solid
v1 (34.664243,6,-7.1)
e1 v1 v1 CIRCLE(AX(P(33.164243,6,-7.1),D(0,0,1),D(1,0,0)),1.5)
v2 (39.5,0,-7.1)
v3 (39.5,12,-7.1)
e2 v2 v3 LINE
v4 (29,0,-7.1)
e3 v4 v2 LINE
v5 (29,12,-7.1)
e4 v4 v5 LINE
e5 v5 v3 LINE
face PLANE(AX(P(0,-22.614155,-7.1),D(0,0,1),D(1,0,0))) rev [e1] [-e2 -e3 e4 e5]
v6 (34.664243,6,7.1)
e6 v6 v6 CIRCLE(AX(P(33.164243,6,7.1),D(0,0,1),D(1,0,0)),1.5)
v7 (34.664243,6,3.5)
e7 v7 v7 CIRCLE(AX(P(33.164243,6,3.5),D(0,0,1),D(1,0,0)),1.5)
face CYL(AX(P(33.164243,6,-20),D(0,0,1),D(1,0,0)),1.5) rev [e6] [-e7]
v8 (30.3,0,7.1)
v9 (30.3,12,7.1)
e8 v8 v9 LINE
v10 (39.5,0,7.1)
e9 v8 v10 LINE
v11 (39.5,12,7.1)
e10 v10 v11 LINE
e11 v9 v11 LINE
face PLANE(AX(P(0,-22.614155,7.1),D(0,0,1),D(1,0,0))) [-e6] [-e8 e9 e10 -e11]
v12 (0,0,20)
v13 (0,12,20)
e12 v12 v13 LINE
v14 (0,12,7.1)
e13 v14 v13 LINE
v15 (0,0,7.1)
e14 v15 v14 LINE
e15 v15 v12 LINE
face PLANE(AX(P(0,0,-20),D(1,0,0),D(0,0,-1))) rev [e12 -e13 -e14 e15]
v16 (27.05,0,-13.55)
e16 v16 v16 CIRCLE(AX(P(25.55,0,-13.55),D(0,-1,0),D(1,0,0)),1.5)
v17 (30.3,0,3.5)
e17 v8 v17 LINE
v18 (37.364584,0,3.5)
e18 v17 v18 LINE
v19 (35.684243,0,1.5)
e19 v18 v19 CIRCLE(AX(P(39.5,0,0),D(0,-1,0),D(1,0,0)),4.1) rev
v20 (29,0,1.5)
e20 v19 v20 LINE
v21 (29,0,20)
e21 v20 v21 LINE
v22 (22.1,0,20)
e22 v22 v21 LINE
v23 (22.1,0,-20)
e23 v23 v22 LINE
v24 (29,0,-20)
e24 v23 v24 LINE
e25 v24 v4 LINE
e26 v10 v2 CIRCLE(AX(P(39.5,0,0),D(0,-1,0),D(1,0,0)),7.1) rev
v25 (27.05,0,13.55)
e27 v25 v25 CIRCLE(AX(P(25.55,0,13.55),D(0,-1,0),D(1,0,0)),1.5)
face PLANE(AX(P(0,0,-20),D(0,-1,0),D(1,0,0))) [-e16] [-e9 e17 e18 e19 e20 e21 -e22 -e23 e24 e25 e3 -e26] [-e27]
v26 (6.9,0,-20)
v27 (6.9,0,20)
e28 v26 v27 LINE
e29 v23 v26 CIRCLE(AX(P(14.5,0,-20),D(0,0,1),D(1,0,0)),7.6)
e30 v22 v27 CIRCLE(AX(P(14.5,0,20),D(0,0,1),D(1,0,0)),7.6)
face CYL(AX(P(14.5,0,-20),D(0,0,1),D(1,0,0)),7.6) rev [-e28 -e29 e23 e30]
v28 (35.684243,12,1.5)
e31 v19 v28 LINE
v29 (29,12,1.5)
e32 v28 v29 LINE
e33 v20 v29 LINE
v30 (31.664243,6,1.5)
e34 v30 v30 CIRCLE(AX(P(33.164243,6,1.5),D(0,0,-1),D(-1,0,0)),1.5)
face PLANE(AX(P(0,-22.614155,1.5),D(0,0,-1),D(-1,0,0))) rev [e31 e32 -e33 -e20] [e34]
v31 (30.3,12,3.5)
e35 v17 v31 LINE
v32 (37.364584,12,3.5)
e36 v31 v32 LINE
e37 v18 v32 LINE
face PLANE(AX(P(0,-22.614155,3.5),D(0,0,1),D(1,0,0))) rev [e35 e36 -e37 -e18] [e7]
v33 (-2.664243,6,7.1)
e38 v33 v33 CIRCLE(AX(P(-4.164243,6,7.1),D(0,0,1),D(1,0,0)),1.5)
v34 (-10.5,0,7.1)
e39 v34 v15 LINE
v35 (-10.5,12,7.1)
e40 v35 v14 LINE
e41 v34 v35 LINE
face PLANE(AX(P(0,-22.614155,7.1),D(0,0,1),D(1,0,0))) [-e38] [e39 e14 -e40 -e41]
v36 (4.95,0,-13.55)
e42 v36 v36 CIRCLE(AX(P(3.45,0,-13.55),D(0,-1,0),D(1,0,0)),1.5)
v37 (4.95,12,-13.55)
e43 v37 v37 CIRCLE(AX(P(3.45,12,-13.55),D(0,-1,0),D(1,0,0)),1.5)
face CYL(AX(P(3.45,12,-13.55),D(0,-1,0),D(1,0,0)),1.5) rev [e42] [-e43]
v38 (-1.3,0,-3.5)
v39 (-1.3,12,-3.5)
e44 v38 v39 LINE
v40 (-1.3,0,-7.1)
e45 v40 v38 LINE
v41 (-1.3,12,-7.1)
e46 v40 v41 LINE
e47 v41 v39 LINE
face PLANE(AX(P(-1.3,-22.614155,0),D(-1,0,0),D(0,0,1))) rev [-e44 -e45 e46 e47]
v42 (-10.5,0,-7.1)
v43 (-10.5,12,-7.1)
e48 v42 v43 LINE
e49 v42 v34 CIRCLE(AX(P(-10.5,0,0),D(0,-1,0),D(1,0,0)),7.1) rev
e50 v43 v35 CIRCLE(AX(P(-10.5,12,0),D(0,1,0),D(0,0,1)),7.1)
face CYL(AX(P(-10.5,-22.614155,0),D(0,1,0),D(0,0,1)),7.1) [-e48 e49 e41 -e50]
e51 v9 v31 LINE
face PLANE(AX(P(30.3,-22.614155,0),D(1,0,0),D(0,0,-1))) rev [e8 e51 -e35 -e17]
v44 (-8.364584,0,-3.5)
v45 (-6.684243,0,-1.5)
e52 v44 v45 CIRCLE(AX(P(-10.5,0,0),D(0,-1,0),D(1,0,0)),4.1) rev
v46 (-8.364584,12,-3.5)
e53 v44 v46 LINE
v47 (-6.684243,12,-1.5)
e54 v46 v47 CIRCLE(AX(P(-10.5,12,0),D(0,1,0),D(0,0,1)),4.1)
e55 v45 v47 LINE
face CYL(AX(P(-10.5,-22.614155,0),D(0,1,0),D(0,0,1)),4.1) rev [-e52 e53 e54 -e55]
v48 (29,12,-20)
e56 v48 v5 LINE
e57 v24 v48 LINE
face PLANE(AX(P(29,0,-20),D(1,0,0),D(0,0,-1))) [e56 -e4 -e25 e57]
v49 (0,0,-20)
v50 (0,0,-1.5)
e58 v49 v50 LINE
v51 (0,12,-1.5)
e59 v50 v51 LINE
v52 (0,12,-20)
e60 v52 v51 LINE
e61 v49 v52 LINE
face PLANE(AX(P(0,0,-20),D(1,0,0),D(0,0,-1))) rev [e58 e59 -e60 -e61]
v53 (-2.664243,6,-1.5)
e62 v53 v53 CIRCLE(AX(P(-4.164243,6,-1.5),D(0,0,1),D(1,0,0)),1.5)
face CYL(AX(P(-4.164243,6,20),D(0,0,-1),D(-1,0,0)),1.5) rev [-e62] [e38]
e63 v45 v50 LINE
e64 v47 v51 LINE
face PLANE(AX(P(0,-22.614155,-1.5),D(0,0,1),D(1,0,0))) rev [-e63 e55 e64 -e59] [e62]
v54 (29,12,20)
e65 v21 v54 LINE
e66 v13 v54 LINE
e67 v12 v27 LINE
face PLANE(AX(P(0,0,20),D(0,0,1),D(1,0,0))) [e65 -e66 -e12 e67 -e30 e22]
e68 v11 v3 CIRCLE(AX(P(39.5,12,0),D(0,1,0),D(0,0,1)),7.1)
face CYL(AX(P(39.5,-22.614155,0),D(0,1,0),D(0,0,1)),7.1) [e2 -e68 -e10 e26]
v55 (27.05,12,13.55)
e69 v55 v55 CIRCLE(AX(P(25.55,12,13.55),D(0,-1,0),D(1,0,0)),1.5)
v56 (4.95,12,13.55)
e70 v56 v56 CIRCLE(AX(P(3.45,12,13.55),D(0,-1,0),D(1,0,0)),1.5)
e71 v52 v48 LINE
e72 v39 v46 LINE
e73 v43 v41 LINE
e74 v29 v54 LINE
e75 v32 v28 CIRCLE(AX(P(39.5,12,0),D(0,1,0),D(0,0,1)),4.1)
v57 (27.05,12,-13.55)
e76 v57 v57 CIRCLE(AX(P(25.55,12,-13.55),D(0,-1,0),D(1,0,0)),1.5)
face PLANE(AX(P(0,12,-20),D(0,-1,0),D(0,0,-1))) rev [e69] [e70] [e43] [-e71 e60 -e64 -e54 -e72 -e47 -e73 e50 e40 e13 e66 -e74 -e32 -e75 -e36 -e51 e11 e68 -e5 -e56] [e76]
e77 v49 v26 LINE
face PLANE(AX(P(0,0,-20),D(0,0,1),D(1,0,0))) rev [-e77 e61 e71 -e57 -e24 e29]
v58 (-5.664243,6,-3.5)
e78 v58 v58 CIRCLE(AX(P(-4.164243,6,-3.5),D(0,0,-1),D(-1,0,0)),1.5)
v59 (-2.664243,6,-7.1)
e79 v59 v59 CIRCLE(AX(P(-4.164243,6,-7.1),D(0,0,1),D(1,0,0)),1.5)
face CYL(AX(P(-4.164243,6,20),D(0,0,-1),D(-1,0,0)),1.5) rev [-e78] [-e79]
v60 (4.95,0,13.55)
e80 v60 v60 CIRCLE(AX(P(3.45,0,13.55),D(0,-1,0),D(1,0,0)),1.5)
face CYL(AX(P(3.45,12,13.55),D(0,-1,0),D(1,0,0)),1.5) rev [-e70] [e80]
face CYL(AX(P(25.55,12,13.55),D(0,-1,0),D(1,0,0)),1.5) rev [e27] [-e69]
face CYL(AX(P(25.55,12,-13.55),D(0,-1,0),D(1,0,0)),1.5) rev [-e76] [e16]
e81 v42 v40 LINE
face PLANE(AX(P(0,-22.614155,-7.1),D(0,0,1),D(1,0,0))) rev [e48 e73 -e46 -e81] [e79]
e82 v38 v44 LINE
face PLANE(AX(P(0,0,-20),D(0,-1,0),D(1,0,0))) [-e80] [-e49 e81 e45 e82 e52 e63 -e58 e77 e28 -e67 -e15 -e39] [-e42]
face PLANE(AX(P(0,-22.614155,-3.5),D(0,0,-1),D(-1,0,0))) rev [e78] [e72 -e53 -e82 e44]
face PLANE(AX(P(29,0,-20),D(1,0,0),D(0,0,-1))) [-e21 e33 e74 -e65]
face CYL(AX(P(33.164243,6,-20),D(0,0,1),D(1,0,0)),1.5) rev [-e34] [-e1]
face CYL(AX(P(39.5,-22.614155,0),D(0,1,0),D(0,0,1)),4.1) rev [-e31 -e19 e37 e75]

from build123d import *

# Parameters (mm, degrees)
BOSS_EXTRUDE1_DEPTH      = 20
BOSS_EXTRUDE1_DEPTH_BACK = 20
BOSS_EXTRUDE2_DEPTH      = 12
CUT_EXTRUDE1_DEPTH       = 53.704933355
CUT_EXTRUDE1_DEPTH_BACK  = 53.704933355
CUT_EXTRUDE2_DEPTH       = 53.704933355
CUT_EXTRUDE2_DEPTH_BACK  = 53.704933355
SKETCH7_R                = 1.5
CUT_EXTRUDE3_DEPTH       = 53.1110353


with BuildPart() as part:
    # Sketch1 → Boss-Extrude1 (new, two sides: drawn at the far end of the back side and taken through both)
    with BuildSketch(Plane(origin=(0, 0, 0), x_dir=(0, 1, 0), z_dir=(0, 0, 1)).offset(-BOSS_EXTRUDE1_DEPTH_BACK)):
        with BuildLine():
            ThreePointArc((0, -22.1), (7.6, -14.5), (0, -6.9))
            Line((0, -6.9), (0, 0))
            Line((0, 0), (12, 0))
            Line((12, 0), (12, -29))
            Line((12, -29), (0, -29))
            Line((0, -29), (0, -22.1))
        make_face()
    extrude(amount=BOSS_EXTRUDE1_DEPTH + BOSS_EXTRUDE1_DEPTH_BACK)

    # Sketch3 → Boss-Extrude2 (add)
    with BuildSketch(Plane(origin=(0, 12, 0), x_dir=(-1, 0, 0), z_dir=(0, 1, 0))):
        with BuildLine():
            Line((1.3, -7.1), (10.5, -7.1))
            ThreePointArc((10.5, -7.1), (17.6, 0), (10.5, 7.1))
            Line((10.5, 7.1), (0, 7.1))
            Line((0, 7.1), (0, -1.5))
            Line((0, -1.5), (6.684243194, -1.5))
            ThreePointArc((6.684243194, -1.5), (13.639126216, 2.637401486), (8.36458435, -3.5))
            Line((8.36458435, -3.5), (1.3, -3.5))
            Line((1.3, -3.5), (1.3, -7.1))
        make_face()
        with BuildLine():
            Line((-39.5, -7.1), (-29, -7.1))
            Line((-29, -7.1), (-29, 1.5))
            Line((-29, 1.5), (-35.684243194, 1.5))
            ThreePointArc((-35.684243194, 1.5), (-42.639126216, -2.637401486), (-37.36458435, 3.5))
            Line((-37.36458435, 3.5), (-30.3, 3.5))
            Line((-30.3, 3.5), (-30.3, 7.1))
            Line((-30.3, 7.1), (-39.5, 7.1))
            ThreePointArc((-39.5, 7.1), (-46.6, 0), (-39.5, -7.1))
        make_face()
    extrude(amount=-BOSS_EXTRUDE2_DEPTH)

    # Sketch4 → Cut-Extrude1 (cut, two sides: drawn at the far end of the back side and taken through both)
    with BuildSketch(Plane(origin=(0, 0, -1.5), x_dir=(1, 0, 0), z_dir=(0, 0, -1)).offset(-CUT_EXTRUDE1_DEPTH_BACK)):
        with BuildLine():
            ThreePointArc((-2.664243194, -6), (-4.164243194, -4.5), (-5.664243194, -6))
            Line((-5.664243194, -6), (-2.664243194, -6))
        make_face()
        with BuildLine():
            Line((-2.664243194, -6), (-5.664243194, -6))
            ThreePointArc((-5.664243194, -6), (-4.164243194, -7.5), (-2.664243194, -6))
        make_face()
    extrude(amount=CUT_EXTRUDE1_DEPTH + CUT_EXTRUDE1_DEPTH_BACK, mode=Mode.SUBTRACT)

    # Sketch5 → Cut-Extrude2 (cut, two sides: drawn at the far end of the back side and taken through both)
    with BuildSketch(Plane.XY.offset(1.5).offset(-CUT_EXTRUDE2_DEPTH_BACK)):
        with BuildLine():
            ThreePointArc((31.664243194, 6), (33.164243194, 4.5), (34.664243194, 6))
            Line((34.664243194, 6), (31.664243194, 6))
        make_face()
        with BuildLine():
            Line((31.664243194, 6), (34.664243194, 6))
            ThreePointArc((34.664243194, 6), (33.164243194, 7.5), (31.664243194, 6))
        make_face()
    extrude(amount=CUT_EXTRUDE2_DEPTH + CUT_EXTRUDE2_DEPTH_BACK, mode=Mode.SUBTRACT)

    # Sketch7 → Cut-Extrude3 (cut, through all)
    with BuildSketch(Plane.XZ):
        with Locations((3.45, 13.55)):
            Circle(SKETCH7_R)
        with Locations((25.55, -13.55)):
            Circle(SKETCH7_R)
        with Locations((25.55, 13.55)):
            Circle(SKETCH7_R)
        with Locations((3.45, -13.55)):
            Circle(SKETCH7_R)
    extrude(amount=-CUT_EXTRUDE3_DEPTH, mode=Mode.SUBTRACT)


solid = part.part
